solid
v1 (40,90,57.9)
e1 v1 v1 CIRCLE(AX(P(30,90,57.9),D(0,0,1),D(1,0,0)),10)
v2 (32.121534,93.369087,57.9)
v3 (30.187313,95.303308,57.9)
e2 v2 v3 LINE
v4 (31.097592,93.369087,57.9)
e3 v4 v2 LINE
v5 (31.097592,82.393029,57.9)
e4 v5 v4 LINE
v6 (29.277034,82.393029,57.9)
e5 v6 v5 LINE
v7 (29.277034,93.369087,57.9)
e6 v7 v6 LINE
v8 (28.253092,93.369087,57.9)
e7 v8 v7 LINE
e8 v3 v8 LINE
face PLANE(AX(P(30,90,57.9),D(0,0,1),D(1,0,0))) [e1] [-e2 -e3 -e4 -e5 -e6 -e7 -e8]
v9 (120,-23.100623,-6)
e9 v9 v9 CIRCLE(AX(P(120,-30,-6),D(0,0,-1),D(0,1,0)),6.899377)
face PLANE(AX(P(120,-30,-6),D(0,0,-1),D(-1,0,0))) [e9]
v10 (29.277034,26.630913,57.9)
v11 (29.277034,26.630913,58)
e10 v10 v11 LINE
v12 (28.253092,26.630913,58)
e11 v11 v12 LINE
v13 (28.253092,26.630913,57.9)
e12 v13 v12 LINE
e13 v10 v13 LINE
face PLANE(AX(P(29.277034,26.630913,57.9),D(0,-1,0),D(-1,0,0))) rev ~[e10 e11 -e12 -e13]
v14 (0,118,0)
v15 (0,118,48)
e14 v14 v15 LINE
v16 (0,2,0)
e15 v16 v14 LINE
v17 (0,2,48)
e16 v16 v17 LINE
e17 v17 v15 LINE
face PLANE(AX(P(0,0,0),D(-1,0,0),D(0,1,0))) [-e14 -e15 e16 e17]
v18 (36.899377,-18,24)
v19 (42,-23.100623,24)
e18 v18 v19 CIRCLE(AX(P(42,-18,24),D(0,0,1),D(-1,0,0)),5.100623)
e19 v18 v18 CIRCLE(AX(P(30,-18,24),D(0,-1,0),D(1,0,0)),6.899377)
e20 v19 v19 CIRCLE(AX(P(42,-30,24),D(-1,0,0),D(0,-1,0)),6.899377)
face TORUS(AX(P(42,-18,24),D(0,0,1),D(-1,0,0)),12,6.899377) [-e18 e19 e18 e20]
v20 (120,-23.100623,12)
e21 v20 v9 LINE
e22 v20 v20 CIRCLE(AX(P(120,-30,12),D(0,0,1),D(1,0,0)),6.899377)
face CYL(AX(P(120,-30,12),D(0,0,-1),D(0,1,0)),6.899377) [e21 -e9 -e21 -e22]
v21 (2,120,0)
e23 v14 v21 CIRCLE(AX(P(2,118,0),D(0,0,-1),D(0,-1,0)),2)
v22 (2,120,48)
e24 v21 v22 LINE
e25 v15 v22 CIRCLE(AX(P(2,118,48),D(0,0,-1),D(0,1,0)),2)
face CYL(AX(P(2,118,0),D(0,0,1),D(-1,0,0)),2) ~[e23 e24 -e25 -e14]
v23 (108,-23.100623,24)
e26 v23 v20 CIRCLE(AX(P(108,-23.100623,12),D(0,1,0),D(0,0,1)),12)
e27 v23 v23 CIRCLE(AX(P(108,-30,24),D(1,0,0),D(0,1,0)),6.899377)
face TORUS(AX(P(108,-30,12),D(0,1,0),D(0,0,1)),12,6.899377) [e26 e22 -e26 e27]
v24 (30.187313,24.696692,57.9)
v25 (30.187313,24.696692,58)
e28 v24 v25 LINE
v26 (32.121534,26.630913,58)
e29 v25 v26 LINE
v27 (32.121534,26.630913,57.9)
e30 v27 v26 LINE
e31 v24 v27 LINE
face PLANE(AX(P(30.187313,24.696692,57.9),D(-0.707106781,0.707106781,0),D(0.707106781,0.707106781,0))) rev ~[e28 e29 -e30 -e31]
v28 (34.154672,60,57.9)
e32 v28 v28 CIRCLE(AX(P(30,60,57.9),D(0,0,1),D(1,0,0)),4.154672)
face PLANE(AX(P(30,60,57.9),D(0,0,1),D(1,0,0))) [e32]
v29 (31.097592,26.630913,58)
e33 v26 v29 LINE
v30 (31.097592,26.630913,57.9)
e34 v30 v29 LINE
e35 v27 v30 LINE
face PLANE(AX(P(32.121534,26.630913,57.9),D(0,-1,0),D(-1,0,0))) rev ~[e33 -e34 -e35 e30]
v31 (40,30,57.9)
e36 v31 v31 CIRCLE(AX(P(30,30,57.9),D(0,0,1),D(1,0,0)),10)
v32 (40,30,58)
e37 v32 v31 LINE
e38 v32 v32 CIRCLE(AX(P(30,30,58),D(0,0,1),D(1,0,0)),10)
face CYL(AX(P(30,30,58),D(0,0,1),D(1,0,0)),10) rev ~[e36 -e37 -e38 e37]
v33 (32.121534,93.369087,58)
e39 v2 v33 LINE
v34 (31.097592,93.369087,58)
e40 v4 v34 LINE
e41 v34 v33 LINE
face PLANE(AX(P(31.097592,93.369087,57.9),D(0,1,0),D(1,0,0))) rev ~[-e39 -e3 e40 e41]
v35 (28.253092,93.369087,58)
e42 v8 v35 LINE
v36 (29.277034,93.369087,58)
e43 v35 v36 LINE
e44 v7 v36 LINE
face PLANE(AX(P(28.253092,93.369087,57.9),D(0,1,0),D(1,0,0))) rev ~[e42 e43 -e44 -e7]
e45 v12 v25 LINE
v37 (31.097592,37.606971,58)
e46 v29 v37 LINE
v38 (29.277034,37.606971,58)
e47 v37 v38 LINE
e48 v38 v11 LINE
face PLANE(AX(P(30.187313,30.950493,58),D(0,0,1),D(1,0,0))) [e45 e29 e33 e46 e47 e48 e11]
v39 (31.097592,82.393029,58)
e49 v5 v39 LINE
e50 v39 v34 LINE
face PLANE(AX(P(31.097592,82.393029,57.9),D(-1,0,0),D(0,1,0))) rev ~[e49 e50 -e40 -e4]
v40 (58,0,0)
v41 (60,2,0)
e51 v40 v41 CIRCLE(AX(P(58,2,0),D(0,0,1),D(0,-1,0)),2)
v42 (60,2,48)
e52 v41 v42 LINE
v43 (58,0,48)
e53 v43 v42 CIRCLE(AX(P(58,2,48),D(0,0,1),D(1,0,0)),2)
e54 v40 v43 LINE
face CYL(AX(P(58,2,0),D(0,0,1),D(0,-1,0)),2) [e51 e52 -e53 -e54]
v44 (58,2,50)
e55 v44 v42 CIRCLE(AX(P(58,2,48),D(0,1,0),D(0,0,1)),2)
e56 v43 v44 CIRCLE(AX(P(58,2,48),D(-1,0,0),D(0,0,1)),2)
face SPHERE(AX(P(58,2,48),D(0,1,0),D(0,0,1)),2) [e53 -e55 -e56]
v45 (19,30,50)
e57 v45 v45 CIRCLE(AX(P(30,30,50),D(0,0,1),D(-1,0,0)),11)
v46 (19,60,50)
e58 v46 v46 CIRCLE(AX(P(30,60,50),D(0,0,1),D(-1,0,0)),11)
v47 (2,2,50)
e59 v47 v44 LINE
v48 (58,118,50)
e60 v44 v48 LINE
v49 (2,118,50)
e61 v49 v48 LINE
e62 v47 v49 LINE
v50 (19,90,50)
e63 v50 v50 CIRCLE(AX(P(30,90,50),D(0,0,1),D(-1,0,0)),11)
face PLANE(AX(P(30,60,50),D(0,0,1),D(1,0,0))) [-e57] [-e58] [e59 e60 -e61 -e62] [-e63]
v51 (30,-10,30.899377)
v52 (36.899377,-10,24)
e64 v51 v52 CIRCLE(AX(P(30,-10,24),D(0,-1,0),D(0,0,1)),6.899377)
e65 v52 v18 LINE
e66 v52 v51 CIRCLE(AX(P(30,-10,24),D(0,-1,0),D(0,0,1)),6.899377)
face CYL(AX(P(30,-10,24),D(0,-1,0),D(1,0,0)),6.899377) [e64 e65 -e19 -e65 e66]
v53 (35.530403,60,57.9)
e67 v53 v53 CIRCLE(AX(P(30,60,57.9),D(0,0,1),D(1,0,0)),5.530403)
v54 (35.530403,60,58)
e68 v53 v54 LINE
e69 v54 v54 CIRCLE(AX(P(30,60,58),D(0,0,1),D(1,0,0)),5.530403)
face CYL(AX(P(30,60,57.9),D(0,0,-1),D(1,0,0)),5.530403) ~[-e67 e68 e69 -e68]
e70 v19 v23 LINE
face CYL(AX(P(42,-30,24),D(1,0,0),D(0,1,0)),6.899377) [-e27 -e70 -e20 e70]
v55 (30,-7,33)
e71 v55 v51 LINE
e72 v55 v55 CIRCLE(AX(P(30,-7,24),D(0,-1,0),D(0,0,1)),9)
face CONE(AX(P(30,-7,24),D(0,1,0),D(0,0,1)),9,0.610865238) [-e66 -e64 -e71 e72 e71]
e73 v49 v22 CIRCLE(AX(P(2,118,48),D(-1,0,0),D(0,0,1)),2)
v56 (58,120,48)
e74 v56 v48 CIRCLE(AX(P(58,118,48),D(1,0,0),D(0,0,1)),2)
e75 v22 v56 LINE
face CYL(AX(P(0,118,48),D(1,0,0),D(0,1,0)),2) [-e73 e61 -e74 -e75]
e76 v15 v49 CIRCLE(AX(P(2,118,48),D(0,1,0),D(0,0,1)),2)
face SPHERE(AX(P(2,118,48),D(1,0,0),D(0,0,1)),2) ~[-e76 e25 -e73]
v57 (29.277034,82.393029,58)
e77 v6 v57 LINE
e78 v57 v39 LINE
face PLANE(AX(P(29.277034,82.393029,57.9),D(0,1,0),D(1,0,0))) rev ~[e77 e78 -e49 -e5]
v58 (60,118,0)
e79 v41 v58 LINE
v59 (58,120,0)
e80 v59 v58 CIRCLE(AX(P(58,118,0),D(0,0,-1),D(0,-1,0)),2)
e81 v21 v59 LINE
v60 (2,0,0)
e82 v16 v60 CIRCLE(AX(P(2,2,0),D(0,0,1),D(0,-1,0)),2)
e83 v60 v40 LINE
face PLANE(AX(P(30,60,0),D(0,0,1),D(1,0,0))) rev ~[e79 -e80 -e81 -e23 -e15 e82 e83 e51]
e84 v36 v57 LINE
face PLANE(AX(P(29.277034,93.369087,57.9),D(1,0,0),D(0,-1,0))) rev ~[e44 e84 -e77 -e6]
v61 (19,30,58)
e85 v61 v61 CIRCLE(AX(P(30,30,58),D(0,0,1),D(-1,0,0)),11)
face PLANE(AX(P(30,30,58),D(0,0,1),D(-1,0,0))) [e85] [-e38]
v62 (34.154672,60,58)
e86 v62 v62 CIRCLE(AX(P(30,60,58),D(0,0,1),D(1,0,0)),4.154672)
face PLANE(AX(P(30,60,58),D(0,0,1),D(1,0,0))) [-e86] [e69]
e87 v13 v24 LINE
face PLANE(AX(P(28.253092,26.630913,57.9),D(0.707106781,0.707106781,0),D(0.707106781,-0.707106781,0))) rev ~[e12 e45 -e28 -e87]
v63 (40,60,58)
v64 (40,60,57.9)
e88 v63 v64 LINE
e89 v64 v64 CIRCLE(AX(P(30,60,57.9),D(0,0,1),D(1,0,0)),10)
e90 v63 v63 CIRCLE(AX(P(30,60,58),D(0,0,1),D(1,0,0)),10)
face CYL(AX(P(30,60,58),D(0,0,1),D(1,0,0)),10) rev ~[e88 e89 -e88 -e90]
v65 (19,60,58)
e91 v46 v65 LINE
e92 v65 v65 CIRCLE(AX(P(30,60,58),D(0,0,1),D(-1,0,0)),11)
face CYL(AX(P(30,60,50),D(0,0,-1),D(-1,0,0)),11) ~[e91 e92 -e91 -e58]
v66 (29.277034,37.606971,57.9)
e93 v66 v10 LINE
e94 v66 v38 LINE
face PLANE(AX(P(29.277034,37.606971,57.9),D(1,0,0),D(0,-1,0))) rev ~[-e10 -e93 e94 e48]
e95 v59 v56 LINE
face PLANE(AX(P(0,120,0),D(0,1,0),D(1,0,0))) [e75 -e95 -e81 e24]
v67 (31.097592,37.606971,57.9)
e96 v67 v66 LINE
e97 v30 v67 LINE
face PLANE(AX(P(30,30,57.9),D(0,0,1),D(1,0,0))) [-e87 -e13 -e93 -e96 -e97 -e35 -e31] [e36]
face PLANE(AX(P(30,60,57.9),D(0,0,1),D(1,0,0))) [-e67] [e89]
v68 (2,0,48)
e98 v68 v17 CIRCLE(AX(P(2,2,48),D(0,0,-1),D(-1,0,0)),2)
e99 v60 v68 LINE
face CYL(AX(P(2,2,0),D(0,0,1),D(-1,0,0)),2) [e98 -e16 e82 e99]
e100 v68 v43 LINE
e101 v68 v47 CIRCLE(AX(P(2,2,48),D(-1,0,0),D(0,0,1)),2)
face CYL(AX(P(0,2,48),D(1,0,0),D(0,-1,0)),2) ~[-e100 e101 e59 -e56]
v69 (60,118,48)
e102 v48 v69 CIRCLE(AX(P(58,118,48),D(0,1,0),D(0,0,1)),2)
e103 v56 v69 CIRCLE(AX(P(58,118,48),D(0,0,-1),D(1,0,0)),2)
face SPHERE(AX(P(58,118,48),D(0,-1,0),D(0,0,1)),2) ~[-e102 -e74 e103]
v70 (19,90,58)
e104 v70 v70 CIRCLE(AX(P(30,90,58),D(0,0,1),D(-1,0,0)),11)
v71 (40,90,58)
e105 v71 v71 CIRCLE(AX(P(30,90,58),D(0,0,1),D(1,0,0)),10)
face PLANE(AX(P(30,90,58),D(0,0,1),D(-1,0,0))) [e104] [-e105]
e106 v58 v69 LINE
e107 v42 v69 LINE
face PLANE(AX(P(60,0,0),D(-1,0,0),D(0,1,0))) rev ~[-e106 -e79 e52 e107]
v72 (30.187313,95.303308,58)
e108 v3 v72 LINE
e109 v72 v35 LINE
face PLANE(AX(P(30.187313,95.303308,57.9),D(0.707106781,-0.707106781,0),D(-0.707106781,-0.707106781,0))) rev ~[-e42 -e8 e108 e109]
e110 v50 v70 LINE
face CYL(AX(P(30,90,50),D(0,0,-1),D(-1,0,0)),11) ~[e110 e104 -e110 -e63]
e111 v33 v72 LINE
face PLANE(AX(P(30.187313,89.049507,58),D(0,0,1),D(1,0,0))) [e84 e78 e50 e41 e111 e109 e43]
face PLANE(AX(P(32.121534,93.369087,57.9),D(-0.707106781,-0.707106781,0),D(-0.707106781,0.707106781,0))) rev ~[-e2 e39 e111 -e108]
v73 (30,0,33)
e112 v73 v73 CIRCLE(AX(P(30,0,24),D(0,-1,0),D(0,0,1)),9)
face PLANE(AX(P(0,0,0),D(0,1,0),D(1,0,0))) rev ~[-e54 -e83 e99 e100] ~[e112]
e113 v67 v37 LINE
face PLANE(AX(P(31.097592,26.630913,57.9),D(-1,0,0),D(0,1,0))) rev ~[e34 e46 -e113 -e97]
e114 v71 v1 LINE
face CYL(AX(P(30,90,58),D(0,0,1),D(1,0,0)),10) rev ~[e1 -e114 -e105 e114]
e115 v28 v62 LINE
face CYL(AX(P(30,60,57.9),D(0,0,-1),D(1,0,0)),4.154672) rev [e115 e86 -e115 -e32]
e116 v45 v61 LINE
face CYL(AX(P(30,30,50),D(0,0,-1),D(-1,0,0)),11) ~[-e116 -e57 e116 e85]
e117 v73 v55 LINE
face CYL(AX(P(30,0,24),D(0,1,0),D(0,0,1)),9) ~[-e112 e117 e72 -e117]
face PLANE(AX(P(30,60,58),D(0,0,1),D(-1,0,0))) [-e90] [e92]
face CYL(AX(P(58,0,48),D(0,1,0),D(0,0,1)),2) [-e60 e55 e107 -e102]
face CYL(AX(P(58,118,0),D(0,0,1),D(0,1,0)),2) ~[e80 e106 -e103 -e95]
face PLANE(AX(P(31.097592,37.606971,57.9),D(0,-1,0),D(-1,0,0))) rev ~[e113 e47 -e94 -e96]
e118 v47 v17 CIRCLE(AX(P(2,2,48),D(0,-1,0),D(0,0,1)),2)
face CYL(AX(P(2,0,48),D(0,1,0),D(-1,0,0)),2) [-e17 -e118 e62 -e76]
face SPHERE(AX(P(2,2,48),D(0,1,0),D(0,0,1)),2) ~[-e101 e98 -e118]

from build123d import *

# Parameters (mm, degrees)
CROQUIS1_W              = 60
CROQUIS1_H              = 120
SALIENTE_EXTRUIR1_DEPTH = 50
CROQUIS2_R              = 11
SALIENTE_EXTRUIR2_DEPTH = 8
CROQUIS3_R              = 10
CORTAR_EXTRUIR1_DEPTH   = 0.1
SALIENTE_EXTRUIR3_DEPTH = 0.1
CROQUIS5_R              = 5.530403268
CROQUIS5_R_2            = 4.15467208
SALIENTE_EXTRUIR4_DEPTH = 0.1
REDONDEO1_R             = 2
CROQUIS6_R              = 9
SALIENTE_EXTRUIR5_DEPTH = 10
CHAFL_N1_SIZE           = 3
CHAFL_N1_SIZE2          = 2.100622615
CROQUIS8_R              = 6.899377385


with BuildPart() as part:
    # Croquis1 → Saliente-Extruir1 (new body)
    with BuildSketch(Plane.XY):
        with Locations((30, 60)):
            Rectangle(CROQUIS1_W, CROQUIS1_H)
    extrude(amount=SALIENTE_EXTRUIR1_DEPTH)

    # Croquis2 → Saliente-Extruir2 (add)
    with BuildSketch(Plane.XY.offset(50)):
        with Locations(Location((30, 60, 0), (0, 0, 180))):
            Circle(CROQUIS2_R)
        with Locations(Location((30, 90, 0), (0, 0, 180))):
            Circle(CROQUIS2_R)
        with Locations(Location((30, 30, 0), (0, 0, 180))):
            Circle(CROQUIS2_R)
    extrude(amount=SALIENTE_EXTRUIR2_DEPTH)

    # Croquis3 → Cortar-Extruir1 (cut)
    with BuildSketch(Plane.XY.offset(58)):
        with Locations((30, 90)):
            Circle(CROQUIS3_R)
        with Locations((30, 60)):
            Circle(CROQUIS3_R)
        with Locations((30, 30)):
            Circle(CROQUIS3_R)
    extrude(amount=-CORTAR_EXTRUIR1_DEPTH, mode=Mode.SUBTRACT)

    # Croquis4 → Saliente-Extruir3 (add)
    with BuildSketch(Plane.XY.offset(57.9)):
        Polygon((29.277033543, 82.393028635), (31.097592421, 82.393028635), (31.097592421, 93.369086775), (32.121534281, 93.369086775), (31.097592421, 94.393028635), (30.187312982, 95.303308074), (29.277033543, 94.393028635), (28.253091683, 93.369086775), (29.277033543, 93.369086775), align=None)
        Polygon((29.277033543, 26.630913225), (28.253091683, 26.630913225), (29.277033543, 25.606971365), (30.187312982, 24.696691926), (31.097592421, 25.606971365), (32.121534281, 26.630913225), (31.097592421, 26.630913225), (31.097592421, 37.606971365), (29.277033543, 37.606971365), align=None)
    extrude(amount=SALIENTE_EXTRUIR3_DEPTH)

    # Croquis5 → Saliente-Extruir4 (add)
    with BuildSketch(Plane.XY.offset(57.9)):
        with Locations((30, 60)):
            Circle(CROQUIS5_R)
        with Locations((30, 60)):
            Circle(CROQUIS5_R_2, mode=Mode.SUBTRACT)
    extrude(amount=SALIENTE_EXTRUIR4_DEPTH)

    # Redondeo1
    redondeo1_edges = [part.edges().sort_by_distance(p)[0] for p in [
        (60, 60, 50),
        (30, 120, 50),
        (0, 60, 50),
        (30, 0, 50),
        (0, 120, 25),
        (60, 120, 25),
        (60, 0, 25),
        (0, 0, 25),
    ]]
    fillet(redondeo1_edges, radius=REDONDEO1_R)

    # Croquis6 → Saliente-Extruir5 (add)
    with BuildSketch(Plane.XZ):
        with Locations(Location((30, 24, 0), (0, 0, 90))):
            Circle(CROQUIS6_R)
    extrude(amount=SALIENTE_EXTRUIR5_DEPTH)

    # Chaflán1
    chafl_n1_edges = [part.edges().sort_by_distance(p)[0] for p in [
        (30, -10, 15),
    ]]
    chafl_n1_side = [part.faces().sort_by_distance(p)[0] for p in [
        (30, -5, 15),
    ]]
    chamfer(chafl_n1_edges, length=CHAFL_N1_SIZE, length2=CHAFL_N1_SIZE2, reference=chafl_n1_side[0])

    # Barrer1: sweep along a curve in space
    with BuildLine() as barrer1_path:
        Line((30, -10, 24), (30, -18, 24))
        ThreePointArc((30, -18, 24), (33.514718626, -26.485281374, 24), (42, -30, 24))
        Line((42, -30, 24), (108, -30, 24))
        ThreePointArc((108, -30, 24), (116.485281374, -30, 20.485281374), (120, -30, 12))
        Line((120, -30, 12), (120, -30, -6))
    # Croquis8 → Barrer1 (sweep)
    with BuildSketch(Plane.XZ.offset(10)):
        with Locations((30, 24)):
            Circle(CROQUIS8_R)
    sweep(path=barrer1_path.line)


solid = part.part
